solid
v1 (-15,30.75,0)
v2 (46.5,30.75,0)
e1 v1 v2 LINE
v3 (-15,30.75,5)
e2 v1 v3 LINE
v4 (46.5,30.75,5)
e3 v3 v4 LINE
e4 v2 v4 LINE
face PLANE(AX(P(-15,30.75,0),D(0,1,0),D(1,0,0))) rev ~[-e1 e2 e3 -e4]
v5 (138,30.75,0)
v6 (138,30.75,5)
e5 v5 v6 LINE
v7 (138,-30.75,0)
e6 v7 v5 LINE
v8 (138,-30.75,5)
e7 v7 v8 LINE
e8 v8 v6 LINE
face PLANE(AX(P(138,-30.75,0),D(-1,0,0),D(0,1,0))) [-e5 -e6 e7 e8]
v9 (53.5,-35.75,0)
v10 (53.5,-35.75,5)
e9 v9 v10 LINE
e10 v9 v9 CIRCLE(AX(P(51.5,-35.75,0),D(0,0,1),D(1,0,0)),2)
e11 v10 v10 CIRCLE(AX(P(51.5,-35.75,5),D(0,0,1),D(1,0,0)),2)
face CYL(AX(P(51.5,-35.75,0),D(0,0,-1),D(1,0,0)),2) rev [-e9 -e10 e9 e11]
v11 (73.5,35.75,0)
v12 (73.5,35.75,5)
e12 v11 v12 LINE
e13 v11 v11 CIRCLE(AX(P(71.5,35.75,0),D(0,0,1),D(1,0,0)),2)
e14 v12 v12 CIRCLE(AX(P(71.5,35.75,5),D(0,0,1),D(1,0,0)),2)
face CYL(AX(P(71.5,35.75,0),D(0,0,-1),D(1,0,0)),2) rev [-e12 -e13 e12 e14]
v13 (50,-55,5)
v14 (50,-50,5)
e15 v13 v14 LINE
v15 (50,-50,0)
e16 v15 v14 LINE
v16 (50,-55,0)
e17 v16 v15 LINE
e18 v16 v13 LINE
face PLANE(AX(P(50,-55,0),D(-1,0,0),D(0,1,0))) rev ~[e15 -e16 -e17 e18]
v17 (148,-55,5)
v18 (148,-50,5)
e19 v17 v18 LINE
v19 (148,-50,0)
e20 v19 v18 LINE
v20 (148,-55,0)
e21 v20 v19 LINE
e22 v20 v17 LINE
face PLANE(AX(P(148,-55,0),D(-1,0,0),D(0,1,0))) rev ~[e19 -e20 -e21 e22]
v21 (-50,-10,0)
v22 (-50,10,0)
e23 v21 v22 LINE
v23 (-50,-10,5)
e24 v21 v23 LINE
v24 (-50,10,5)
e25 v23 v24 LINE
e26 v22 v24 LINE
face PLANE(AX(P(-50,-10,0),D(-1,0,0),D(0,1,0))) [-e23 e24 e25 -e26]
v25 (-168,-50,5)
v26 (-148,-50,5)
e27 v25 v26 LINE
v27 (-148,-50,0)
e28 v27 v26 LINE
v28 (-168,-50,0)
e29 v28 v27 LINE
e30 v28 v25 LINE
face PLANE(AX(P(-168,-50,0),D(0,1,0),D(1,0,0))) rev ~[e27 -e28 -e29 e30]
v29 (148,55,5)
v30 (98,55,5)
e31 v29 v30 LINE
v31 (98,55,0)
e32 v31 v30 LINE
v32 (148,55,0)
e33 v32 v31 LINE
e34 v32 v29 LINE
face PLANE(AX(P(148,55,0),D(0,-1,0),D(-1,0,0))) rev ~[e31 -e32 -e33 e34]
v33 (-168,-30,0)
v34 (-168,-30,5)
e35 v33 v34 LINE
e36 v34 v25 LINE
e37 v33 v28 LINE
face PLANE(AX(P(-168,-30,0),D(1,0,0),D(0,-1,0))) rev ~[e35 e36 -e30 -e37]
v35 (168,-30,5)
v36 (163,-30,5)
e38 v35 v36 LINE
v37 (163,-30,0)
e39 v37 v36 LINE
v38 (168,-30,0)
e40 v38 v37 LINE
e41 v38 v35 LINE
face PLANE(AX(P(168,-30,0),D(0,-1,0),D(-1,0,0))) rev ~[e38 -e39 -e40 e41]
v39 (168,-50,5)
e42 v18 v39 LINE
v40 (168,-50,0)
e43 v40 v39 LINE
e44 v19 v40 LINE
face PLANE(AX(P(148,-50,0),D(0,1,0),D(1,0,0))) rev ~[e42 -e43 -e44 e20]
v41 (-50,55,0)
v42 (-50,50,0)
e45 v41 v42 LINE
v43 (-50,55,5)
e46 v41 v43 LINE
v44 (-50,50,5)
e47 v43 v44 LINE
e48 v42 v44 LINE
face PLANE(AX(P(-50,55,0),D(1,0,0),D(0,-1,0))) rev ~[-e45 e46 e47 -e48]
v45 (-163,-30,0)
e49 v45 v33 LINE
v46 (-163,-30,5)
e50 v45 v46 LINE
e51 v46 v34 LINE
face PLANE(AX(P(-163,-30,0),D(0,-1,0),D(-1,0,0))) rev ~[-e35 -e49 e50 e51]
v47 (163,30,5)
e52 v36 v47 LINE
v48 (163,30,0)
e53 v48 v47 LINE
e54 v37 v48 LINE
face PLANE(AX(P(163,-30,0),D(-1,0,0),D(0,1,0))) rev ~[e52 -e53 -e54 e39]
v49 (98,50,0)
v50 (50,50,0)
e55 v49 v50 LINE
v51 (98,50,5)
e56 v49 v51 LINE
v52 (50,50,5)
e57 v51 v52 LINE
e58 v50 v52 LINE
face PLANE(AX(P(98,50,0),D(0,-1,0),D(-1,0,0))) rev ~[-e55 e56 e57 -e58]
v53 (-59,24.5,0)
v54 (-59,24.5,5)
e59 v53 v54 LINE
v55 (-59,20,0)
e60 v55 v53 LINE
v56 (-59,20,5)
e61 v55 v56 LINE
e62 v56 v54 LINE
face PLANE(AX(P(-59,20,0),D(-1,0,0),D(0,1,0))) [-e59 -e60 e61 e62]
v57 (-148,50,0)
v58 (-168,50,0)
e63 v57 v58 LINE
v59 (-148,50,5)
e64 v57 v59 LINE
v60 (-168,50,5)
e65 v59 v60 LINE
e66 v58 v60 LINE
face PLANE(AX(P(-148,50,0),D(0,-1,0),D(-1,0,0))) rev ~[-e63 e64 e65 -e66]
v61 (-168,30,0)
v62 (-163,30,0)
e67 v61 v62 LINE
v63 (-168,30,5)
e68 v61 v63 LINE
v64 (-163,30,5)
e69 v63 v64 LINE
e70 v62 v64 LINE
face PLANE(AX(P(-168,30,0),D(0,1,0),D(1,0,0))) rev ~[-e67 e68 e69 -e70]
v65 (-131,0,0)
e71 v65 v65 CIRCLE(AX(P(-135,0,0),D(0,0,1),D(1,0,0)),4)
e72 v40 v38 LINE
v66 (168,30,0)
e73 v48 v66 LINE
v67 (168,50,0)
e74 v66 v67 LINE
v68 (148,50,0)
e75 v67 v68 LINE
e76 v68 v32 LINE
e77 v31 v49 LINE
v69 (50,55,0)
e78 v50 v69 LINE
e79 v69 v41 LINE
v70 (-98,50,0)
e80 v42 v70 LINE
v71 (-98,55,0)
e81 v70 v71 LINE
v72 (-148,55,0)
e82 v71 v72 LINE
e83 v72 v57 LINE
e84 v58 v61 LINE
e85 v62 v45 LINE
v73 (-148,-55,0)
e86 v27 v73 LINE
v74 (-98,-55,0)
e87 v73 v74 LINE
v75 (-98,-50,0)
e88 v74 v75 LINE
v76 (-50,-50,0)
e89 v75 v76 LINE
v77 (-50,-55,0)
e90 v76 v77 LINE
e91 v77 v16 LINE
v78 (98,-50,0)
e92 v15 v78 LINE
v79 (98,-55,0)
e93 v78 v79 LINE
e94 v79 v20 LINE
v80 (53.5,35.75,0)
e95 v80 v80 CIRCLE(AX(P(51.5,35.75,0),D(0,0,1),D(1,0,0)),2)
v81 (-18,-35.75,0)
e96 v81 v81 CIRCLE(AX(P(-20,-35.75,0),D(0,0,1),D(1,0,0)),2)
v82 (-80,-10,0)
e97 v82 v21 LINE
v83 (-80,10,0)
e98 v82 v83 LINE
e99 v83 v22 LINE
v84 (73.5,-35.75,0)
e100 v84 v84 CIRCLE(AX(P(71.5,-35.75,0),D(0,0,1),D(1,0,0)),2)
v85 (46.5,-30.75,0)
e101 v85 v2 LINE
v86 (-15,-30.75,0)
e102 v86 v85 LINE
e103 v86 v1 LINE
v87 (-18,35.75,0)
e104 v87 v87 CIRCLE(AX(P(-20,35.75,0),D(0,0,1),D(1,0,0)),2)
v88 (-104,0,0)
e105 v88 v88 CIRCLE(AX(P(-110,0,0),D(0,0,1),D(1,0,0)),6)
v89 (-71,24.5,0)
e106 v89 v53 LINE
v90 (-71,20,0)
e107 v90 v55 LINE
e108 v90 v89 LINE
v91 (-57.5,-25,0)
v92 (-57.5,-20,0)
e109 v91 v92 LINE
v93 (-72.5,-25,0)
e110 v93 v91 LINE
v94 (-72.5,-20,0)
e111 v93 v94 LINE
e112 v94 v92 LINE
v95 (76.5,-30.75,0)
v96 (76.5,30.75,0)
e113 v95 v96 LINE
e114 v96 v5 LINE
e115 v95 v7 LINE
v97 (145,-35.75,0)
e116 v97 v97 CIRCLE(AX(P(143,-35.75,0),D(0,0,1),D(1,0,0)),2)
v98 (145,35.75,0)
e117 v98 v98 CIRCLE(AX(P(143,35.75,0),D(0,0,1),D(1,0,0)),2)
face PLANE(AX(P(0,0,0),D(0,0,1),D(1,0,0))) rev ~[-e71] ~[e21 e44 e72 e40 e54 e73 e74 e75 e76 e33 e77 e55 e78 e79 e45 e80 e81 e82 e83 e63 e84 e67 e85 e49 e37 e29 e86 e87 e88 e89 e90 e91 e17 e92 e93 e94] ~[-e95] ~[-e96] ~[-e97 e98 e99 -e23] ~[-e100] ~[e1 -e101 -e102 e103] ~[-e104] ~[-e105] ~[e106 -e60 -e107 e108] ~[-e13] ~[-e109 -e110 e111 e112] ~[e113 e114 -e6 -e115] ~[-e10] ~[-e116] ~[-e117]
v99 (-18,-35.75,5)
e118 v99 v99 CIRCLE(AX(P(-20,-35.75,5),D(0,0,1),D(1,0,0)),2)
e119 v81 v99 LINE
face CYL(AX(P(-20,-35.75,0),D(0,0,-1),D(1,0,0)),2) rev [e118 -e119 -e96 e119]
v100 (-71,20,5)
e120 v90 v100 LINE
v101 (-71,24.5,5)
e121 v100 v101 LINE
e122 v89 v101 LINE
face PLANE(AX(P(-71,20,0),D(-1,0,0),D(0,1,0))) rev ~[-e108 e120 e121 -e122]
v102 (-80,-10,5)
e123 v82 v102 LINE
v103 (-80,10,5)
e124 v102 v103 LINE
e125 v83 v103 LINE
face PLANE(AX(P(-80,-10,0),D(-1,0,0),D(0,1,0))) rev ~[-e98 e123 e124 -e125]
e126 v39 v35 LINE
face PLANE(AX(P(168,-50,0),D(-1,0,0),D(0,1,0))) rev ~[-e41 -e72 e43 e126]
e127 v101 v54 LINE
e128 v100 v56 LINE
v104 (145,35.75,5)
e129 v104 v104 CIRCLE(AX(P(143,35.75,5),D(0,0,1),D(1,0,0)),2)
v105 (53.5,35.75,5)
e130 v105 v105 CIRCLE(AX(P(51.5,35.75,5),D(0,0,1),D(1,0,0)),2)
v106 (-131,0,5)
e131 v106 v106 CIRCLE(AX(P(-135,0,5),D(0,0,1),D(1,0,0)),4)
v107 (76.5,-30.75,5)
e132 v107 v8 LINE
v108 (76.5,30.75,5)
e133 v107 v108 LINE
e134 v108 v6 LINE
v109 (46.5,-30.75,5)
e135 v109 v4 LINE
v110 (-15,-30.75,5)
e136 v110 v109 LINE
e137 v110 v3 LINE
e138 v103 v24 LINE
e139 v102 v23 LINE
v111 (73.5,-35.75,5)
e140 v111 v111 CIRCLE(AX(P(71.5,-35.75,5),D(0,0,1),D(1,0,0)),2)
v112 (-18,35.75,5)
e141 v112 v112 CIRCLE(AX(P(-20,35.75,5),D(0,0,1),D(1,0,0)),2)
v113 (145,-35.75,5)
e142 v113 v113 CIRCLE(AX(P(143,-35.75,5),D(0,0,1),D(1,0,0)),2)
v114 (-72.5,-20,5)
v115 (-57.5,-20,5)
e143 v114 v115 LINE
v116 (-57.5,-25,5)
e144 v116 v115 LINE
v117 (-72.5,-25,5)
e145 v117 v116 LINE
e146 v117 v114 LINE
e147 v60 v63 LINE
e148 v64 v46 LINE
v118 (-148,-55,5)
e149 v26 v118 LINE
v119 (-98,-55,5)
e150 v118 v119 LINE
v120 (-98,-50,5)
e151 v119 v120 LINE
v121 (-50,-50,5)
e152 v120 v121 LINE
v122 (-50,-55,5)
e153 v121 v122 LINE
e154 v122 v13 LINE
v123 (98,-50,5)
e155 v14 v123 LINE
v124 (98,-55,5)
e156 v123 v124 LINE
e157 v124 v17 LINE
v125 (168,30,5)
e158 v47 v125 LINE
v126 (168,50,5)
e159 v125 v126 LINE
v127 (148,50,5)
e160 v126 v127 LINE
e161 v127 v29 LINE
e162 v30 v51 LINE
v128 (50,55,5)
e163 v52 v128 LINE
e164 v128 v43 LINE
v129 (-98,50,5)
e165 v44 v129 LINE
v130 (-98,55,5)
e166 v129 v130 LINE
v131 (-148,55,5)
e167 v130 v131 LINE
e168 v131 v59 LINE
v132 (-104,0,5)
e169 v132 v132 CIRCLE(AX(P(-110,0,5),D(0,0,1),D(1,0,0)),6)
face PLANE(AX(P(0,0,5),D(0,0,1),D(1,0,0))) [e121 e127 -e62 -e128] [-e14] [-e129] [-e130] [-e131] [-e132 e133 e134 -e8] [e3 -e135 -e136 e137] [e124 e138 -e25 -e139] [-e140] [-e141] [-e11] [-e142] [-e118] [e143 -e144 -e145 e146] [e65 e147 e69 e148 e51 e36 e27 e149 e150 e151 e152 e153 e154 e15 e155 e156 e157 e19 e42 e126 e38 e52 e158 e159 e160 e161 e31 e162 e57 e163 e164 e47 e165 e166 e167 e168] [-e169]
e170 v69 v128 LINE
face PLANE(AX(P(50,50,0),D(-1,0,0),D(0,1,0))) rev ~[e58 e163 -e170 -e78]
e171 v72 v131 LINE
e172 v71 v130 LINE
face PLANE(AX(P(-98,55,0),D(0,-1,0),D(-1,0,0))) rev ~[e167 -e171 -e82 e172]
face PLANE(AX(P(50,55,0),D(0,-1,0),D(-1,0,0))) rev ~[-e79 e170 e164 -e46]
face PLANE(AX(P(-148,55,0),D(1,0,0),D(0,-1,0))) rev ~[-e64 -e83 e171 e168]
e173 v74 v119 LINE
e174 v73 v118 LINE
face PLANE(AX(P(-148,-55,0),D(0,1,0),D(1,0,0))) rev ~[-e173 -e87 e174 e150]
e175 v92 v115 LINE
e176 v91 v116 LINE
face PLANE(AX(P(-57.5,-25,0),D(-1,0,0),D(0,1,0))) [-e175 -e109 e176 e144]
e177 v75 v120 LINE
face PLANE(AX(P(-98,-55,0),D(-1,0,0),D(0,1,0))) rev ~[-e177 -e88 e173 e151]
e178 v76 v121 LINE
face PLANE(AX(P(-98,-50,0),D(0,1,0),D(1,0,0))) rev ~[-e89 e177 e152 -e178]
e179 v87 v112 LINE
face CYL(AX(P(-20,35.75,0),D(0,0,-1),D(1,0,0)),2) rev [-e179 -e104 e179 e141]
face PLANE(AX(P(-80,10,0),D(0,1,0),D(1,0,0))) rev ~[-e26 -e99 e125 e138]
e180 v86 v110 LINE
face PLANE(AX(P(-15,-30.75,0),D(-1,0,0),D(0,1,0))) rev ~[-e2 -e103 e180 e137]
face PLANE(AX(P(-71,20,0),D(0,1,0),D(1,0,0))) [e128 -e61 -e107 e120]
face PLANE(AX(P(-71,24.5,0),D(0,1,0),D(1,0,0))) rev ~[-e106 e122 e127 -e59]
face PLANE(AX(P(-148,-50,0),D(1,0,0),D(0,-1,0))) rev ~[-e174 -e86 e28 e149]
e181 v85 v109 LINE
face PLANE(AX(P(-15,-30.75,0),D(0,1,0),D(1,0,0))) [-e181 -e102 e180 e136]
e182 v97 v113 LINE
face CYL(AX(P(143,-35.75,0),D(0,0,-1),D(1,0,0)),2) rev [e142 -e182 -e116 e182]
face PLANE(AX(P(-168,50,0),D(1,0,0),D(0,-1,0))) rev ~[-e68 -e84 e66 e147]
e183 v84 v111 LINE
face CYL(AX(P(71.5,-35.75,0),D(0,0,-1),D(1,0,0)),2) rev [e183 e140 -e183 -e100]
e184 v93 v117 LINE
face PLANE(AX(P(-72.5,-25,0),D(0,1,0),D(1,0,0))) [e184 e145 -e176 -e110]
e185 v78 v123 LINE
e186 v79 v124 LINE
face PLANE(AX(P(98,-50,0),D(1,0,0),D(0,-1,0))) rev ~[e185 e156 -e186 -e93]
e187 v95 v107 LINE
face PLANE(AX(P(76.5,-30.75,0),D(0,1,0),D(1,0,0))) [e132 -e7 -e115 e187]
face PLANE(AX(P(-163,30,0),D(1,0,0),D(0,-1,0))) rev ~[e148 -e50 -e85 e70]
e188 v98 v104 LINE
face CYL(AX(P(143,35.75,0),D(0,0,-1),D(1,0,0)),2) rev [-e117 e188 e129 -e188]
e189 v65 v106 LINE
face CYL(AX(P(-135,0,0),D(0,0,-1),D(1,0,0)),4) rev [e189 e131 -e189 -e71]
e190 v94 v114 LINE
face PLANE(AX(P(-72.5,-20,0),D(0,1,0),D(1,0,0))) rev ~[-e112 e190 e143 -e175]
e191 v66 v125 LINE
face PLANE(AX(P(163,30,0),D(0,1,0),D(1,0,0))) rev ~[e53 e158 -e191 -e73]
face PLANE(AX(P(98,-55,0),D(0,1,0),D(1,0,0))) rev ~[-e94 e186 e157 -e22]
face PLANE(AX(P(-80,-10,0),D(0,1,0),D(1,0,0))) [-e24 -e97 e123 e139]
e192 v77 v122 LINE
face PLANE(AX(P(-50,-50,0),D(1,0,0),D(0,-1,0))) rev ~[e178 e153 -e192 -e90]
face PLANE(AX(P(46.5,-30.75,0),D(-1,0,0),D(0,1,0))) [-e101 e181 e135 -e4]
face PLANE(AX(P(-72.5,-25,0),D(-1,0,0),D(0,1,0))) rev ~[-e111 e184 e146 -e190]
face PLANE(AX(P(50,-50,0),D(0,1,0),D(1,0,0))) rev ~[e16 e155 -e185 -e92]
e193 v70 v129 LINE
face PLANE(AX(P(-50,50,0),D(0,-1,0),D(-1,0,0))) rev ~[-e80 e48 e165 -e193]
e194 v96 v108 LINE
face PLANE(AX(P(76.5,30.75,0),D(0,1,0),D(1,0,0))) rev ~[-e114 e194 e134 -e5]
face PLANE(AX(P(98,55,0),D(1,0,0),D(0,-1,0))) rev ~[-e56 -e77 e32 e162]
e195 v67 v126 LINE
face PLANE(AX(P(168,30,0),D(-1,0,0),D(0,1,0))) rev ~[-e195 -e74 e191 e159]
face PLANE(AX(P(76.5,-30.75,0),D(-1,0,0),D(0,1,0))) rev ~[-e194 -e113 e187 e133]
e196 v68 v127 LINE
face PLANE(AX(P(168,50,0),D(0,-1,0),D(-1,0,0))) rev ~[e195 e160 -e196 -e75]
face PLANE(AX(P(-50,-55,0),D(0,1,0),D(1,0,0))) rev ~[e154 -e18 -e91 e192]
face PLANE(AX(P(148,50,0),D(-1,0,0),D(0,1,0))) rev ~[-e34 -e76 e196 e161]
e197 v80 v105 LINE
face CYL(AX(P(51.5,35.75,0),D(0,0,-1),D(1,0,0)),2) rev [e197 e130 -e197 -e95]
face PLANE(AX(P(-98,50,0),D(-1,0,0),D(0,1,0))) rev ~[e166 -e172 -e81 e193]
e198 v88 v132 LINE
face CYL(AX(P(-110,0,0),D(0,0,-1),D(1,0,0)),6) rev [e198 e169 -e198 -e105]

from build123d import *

# Parameters (mm, degrees)
SKETCH1_R           = 2
SKETCH1_W           = 15
SKETCH1_H           = 5
SKETCH1_W_2         = 61.5
SKETCH1_H_2         = 61.5
SKETCH1_R_2         = 4
SKETCH1_R_3         = 6
SKETCH1_W_3         = 30
SKETCH1_H_3         = 20
SKETCH1_W_4         = 12
SKETCH1_H_4         = 4.5
BOSS_EXTRUDE1_DEPTH = 5


with BuildPart() as part:
    # Sketch1 → Boss-Extrude1 (new body)
    with BuildSketch(Plane.XY):
        Polygon((148, -50), (168, -50), (168, -30), (163, -30), (163, 30), (168, 30), (168, 50), (148, 50), (148, 55), (98, 55), (98, 50), (50, 50), (50, 55), (-50, 55), (-50, 50), (-98, 50), (-98, 55), (-148, 55), (-148, 50), (-168, 50), (-168, 30), (-163, 30), (-163, -30), (-168, -30), (-168, -50), (-148, -50), (-148, -55), (-98, -55), (-98, -50), (-50, -50), (-50, -55), (50, -55), (50, -50), (98, -50), (98, -55), (148, -55), align=None)
        with Locations((-20, -35.75)):
            Circle(SKETCH1_R, mode=Mode.SUBTRACT)
        with Locations((-65, -22.5)):
            Rectangle(SKETCH1_W, SKETCH1_H, mode=Mode.SUBTRACT)
        with Locations((51.5, -35.75)):
            Circle(SKETCH1_R, mode=Mode.SUBTRACT)
        with Locations((71.5, -35.75)):
            Circle(SKETCH1_R, mode=Mode.SUBTRACT)
        with Locations((143, -35.75)):
            Circle(SKETCH1_R, mode=Mode.SUBTRACT)
        with Locations((15.75, 0)):
            Rectangle(SKETCH1_W_2, SKETCH1_H_2, mode=Mode.SUBTRACT)
        with Locations((-135, 0)):
            Circle(SKETCH1_R_2, mode=Mode.SUBTRACT)
        with Locations((-110, 0)):
            Circle(SKETCH1_R_3, mode=Mode.SUBTRACT)
        with Locations((-65, 0)):
            Rectangle(SKETCH1_W_3, SKETCH1_H_3, mode=Mode.SUBTRACT)
        with Locations((-65, 22.25)):
            Rectangle(SKETCH1_W_4, SKETCH1_H_4, mode=Mode.SUBTRACT)
        with Locations((-20, 35.75)):
            Circle(SKETCH1_R, mode=Mode.SUBTRACT)
        with Locations((107.25, 0)):
            Rectangle(SKETCH1_W_2, SKETCH1_H_2, mode=Mode.SUBTRACT)
        with Locations((51.5, 35.75)):
            Circle(SKETCH1_R, mode=Mode.SUBTRACT)
        with Locations((71.5, 35.75)):
            Circle(SKETCH1_R, mode=Mode.SUBTRACT)
        with Locations((143, 35.75)):
            Circle(SKETCH1_R, mode=Mode.SUBTRACT)
    extrude(amount=BOSS_EXTRUDE1_DEPTH)


solid = part.part
